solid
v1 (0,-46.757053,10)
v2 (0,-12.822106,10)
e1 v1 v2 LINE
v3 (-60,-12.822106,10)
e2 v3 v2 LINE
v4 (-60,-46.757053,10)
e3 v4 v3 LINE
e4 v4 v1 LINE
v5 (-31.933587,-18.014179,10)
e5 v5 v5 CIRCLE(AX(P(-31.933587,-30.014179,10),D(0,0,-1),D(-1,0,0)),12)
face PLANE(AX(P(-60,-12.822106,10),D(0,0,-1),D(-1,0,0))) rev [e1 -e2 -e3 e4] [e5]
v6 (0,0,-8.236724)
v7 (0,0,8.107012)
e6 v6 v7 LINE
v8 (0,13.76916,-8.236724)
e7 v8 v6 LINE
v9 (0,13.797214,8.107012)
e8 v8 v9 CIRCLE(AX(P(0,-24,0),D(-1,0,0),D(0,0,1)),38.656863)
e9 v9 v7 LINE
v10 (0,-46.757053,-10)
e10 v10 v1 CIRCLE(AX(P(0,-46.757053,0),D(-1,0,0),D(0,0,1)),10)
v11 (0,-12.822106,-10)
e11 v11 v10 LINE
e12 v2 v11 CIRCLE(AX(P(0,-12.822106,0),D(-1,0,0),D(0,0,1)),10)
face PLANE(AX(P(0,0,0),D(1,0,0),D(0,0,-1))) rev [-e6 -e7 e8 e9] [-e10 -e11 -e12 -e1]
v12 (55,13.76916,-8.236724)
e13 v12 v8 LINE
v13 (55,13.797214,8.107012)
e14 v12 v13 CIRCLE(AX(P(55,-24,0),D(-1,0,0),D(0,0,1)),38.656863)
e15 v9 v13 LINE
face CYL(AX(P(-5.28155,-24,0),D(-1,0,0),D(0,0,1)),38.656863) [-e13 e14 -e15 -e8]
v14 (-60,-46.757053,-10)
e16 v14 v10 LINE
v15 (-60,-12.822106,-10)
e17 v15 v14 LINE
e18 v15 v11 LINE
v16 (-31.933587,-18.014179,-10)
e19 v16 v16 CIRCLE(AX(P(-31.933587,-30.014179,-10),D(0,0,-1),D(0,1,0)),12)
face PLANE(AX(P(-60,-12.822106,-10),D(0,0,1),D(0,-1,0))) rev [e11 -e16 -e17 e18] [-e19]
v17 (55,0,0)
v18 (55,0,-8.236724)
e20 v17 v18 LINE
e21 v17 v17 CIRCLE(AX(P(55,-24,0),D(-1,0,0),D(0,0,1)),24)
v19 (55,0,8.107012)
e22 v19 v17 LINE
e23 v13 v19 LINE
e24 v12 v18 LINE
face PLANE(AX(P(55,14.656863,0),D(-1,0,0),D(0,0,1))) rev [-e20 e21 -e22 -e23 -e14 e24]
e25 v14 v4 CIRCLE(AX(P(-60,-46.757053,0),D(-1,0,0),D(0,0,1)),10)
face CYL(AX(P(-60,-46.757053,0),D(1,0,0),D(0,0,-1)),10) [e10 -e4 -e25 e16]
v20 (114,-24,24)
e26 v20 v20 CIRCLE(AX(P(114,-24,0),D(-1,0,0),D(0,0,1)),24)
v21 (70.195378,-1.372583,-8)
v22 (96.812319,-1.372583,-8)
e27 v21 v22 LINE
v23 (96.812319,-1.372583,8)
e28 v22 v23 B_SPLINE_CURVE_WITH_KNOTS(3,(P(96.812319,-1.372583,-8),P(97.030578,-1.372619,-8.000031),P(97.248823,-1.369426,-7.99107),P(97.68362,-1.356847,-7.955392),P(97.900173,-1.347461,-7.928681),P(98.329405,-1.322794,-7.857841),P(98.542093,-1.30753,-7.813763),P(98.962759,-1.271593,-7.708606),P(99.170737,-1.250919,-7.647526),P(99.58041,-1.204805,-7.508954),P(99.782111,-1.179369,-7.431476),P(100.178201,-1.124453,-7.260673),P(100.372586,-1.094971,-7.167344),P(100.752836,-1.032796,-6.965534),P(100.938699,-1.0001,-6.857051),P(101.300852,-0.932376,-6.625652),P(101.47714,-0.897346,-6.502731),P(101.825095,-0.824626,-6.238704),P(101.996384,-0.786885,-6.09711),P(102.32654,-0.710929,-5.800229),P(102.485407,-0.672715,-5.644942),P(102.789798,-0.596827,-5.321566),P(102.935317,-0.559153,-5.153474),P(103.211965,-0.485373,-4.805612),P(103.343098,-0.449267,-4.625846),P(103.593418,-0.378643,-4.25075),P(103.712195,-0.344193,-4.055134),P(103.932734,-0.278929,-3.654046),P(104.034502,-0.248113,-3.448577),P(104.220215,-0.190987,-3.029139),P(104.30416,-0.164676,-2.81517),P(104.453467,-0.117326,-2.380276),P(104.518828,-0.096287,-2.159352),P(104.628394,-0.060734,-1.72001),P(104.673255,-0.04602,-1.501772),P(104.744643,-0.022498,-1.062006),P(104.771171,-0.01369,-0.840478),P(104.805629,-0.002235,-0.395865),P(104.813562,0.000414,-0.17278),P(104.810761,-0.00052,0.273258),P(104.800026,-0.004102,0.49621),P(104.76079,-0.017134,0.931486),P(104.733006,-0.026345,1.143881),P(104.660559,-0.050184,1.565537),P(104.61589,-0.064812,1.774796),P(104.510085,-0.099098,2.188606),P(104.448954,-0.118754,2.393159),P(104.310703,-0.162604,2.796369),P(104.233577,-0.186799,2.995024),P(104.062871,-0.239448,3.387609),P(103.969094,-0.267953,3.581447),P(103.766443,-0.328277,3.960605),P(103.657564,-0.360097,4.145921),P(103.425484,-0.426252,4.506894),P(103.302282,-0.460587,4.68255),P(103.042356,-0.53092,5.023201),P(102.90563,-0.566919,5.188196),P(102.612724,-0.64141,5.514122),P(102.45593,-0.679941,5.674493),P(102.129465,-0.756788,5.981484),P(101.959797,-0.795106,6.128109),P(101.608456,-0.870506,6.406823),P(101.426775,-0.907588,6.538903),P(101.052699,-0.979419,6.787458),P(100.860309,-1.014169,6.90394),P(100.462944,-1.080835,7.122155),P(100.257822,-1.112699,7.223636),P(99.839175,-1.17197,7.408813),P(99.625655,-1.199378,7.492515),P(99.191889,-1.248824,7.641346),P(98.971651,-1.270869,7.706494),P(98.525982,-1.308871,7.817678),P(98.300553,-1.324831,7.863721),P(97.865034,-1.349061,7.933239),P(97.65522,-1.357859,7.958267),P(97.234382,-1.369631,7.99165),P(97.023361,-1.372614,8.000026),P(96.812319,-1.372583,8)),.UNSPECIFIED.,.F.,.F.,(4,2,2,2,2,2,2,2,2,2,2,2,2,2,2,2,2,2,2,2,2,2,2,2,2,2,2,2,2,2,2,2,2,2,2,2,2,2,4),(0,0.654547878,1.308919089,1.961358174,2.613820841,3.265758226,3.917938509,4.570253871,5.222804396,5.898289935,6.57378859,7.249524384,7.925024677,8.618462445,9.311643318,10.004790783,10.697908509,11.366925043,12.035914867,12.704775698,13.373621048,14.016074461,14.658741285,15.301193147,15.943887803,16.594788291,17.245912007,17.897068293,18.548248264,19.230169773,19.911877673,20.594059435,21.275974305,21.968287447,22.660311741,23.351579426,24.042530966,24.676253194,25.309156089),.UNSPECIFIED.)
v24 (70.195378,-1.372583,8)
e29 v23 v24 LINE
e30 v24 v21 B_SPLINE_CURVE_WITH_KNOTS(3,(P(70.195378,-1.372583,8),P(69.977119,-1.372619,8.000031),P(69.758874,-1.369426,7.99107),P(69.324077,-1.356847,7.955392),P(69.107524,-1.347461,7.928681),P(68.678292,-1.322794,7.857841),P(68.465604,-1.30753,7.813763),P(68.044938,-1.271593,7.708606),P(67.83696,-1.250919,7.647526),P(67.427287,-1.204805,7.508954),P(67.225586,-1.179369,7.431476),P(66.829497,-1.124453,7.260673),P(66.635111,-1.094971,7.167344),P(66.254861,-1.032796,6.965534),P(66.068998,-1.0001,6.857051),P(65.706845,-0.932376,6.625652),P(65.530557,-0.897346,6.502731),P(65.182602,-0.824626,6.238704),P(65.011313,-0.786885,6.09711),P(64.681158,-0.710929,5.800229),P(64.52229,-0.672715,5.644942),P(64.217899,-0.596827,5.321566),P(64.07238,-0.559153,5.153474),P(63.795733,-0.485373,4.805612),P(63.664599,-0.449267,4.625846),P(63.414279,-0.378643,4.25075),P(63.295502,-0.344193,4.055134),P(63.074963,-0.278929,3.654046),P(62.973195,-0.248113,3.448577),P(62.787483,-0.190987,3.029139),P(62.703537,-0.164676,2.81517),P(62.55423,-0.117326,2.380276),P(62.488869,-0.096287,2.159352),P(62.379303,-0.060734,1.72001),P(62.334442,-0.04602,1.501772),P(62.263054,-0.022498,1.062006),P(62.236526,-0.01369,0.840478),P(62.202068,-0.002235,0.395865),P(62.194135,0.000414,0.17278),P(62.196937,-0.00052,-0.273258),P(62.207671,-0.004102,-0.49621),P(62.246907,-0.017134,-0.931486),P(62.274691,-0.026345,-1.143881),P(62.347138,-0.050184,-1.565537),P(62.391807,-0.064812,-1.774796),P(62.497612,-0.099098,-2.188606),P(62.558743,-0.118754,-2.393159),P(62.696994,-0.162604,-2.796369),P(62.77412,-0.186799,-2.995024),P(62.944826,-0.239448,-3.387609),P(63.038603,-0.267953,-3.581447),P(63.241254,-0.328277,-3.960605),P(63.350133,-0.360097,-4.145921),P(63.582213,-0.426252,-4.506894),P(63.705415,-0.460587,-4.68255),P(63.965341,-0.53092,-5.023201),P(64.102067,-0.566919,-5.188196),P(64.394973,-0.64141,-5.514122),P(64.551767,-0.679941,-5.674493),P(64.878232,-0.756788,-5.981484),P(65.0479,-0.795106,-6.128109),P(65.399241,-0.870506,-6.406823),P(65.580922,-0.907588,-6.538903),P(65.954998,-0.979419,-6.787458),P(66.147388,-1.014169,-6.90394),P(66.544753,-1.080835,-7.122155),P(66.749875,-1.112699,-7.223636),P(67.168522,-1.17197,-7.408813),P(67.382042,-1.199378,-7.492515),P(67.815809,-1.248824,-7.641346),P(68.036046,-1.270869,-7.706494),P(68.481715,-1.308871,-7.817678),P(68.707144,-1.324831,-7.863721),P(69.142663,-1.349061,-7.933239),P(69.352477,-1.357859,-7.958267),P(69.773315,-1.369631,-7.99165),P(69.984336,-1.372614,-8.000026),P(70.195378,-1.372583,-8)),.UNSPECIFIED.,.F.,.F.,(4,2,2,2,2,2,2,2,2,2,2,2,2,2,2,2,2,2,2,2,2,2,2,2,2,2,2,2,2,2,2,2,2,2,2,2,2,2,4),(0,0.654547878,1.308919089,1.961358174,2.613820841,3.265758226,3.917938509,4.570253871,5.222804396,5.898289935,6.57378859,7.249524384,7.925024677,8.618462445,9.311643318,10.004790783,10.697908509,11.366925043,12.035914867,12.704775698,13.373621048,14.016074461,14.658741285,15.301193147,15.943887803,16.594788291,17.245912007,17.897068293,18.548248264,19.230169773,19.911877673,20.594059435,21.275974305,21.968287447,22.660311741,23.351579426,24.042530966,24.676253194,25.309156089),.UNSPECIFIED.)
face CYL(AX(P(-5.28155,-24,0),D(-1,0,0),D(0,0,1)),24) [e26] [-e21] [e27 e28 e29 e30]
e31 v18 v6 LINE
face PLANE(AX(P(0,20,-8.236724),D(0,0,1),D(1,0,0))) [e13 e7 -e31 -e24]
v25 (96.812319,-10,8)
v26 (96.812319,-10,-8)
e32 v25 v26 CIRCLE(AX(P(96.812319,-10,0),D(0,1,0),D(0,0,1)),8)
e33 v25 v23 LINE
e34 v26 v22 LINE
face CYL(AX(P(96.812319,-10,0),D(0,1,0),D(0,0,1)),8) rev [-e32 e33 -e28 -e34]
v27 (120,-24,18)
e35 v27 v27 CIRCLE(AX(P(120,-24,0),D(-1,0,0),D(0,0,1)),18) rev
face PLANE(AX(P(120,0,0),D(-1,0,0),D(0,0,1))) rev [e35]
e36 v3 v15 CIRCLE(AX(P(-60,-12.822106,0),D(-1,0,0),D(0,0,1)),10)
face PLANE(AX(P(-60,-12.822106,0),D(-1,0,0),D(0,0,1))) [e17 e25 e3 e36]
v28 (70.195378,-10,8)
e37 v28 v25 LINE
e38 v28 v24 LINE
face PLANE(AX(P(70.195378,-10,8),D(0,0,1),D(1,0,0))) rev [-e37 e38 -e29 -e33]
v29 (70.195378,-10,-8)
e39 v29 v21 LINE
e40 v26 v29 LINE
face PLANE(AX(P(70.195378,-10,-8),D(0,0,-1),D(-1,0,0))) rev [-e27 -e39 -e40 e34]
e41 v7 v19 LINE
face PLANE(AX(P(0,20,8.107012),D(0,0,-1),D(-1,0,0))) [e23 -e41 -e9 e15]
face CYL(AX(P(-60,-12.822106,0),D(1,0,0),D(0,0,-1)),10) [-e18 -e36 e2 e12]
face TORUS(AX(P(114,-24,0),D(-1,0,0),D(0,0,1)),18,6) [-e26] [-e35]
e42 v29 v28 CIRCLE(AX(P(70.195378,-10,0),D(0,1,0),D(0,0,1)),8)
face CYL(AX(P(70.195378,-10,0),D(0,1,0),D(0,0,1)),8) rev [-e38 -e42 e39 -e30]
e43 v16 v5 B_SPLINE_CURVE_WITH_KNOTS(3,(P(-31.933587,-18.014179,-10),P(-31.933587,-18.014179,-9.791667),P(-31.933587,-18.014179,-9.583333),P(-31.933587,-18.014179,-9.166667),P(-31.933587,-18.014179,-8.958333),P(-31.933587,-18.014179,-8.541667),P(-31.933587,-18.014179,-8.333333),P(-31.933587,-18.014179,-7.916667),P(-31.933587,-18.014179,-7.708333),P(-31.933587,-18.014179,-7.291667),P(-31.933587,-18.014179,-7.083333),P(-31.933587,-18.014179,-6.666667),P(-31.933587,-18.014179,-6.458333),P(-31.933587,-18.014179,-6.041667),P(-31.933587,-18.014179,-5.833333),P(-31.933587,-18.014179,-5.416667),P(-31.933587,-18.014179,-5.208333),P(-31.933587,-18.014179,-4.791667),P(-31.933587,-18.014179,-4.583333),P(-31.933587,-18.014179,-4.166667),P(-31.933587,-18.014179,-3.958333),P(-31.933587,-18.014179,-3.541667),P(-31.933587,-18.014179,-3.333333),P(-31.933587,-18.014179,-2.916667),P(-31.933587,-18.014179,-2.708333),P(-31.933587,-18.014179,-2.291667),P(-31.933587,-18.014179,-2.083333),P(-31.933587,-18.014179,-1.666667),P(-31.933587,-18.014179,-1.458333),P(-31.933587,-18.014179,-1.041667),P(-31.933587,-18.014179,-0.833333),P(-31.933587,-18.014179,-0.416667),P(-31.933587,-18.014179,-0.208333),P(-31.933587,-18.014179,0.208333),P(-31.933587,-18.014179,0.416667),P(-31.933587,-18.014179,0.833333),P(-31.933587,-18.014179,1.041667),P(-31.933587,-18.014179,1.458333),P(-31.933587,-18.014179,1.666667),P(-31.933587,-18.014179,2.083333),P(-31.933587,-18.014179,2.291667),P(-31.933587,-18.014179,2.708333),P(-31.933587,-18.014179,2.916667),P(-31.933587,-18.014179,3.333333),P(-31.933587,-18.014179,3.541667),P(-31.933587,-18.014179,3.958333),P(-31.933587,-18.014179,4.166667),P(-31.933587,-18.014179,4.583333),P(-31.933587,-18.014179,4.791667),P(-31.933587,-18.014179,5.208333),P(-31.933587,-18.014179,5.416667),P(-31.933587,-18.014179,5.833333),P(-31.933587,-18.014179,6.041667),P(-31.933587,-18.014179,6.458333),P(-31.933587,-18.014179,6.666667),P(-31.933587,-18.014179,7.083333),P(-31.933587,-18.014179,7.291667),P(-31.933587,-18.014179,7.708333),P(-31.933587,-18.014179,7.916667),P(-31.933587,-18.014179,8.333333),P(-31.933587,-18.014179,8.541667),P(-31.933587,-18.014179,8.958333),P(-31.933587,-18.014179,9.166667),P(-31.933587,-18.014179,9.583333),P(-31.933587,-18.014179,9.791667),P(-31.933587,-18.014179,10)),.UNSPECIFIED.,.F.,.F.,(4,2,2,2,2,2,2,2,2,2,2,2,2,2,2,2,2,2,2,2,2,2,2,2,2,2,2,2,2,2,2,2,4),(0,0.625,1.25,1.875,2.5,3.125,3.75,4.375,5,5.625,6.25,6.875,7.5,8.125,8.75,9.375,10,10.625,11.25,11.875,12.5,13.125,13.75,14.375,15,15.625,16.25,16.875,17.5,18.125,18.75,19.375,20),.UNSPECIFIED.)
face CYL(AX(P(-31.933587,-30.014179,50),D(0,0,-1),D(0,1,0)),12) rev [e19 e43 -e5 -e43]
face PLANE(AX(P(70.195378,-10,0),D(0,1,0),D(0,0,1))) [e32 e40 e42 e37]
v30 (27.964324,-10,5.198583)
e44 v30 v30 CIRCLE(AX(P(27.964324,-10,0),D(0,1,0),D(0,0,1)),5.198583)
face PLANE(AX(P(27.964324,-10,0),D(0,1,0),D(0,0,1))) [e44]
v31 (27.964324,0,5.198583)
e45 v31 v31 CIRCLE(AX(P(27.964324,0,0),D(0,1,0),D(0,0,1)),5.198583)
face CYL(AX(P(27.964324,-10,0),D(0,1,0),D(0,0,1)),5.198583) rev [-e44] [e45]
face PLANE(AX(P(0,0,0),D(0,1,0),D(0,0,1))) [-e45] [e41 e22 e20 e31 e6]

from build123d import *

# Parameters (mm, degrees)
FILLET1_R           = 6
CUT_EXTRUDE8_DEPTH  = 10
SKETCH6_W           = 55
SKETCH6_H           = 16.343735742
CUT_EXTRUDE15_DEPTH = 20
SKETCH7_R           = 5.198582593
CUT_EXTRUDE16_DEPTH = 10
BOSS_EXTRUDE1_DEPTH = 60
SKETCH9_R           = 12
CUT_EXTRUDE17_DEPTH = 60


with BuildPart() as part:
    # Sketch1 → Revolve1 (revolve)
    with BuildSketch(Plane.XY, mode=Mode.PRIVATE) as revolve1_sk:
        Polygon((0, 0), (0, 14.656862745), (55, 14.656862745), (55, 0), (120, 0), (120, -24), (0, -24), align=None)
    revolve(revolve1_sk.sketch.rotate(Axis((-5.281550193, -24, 0), (1, 0, 0)), 90), axis=Axis((-5.281550193, -24, 0), (1, 0, 0)))

    # Fillet1
    fillet1_edges = [part.edges().sort_by_distance(p)[0] for p in [
        (120, -24, -24),
    ]]
    fillet(fillet1_edges, radius=FILLET1_R)

    # Sketch2 → Cut-Extrude8 (cut)
    with BuildSketch(Plane(origin=(0, 0, 0), x_dir=(1, 0, 0), z_dir=(0, 1, 0))):
        with BuildLine():
            Line((70.195378011, 8), (96.812319076, 8))
            ThreePointArc((96.812319076, 8), (104.812319076, 0), (96.812319076, -8))
            Line((96.812319076, -8), (70.195378011, -8))
            ThreePointArc((70.195378011, -8), (62.195378011, 0), (70.195378011, 8))
        make_face()
    extrude(amount=-CUT_EXTRUDE8_DEPTH, mode=Mode.SUBTRACT)

    # Sketch6 → Cut-Extrude15 (cut)
    with BuildSketch(Plane(origin=(0, 0, 0), x_dir=(1, 0, 0), z_dir=(0, 1, 0))):
        with Locations((27.5, 0.064856094)):
            Rectangle(SKETCH6_W, SKETCH6_H)
    extrude(amount=CUT_EXTRUDE15_DEPTH, mode=Mode.SUBTRACT)

    # Sketch7 → Cut-Extrude16 (cut)
    with BuildSketch(Plane(origin=(0, 0, 0), x_dir=(1, 0, 0), z_dir=(0, 1, 0))):
        with Locations(Location((27.964324109, 0, 0), (0, 0, 270))):
            Circle(SKETCH7_R)
    extrude(amount=-CUT_EXTRUDE16_DEPTH, mode=Mode.SUBTRACT)

    # Sketch8 → Boss-Extrude1 (add)
    with BuildSketch(Plane.ZY):
        with BuildLine():
            Line((10, -12.82210563), (10, -46.757053375))
            ThreePointArc((10, -46.757053375), (0, -56.757053375), (-10, -46.757053375))
            Line((-10, -46.757053375), (-10, -12.82210563))
            ThreePointArc((-10, -12.82210563), (0, -2.82210563), (10, -12.82210563))
        make_face()
    extrude(amount=BOSS_EXTRUDE1_DEPTH)

    # Sketch9 → Cut-Extrude17 (cut)
    with BuildSketch(Plane(origin=(0, 0, -10), x_dir=(-1, 0, 0), z_dir=(0, 0, -1))):
        with Locations(Location((31.933586772, -30.014179295, 0), (0, 0, 90))):
            Circle(SKETCH9_R)
    extrude(amount=-CUT_EXTRUDE17_DEPTH, mode=Mode.SUBTRACT)


solid = part.part
